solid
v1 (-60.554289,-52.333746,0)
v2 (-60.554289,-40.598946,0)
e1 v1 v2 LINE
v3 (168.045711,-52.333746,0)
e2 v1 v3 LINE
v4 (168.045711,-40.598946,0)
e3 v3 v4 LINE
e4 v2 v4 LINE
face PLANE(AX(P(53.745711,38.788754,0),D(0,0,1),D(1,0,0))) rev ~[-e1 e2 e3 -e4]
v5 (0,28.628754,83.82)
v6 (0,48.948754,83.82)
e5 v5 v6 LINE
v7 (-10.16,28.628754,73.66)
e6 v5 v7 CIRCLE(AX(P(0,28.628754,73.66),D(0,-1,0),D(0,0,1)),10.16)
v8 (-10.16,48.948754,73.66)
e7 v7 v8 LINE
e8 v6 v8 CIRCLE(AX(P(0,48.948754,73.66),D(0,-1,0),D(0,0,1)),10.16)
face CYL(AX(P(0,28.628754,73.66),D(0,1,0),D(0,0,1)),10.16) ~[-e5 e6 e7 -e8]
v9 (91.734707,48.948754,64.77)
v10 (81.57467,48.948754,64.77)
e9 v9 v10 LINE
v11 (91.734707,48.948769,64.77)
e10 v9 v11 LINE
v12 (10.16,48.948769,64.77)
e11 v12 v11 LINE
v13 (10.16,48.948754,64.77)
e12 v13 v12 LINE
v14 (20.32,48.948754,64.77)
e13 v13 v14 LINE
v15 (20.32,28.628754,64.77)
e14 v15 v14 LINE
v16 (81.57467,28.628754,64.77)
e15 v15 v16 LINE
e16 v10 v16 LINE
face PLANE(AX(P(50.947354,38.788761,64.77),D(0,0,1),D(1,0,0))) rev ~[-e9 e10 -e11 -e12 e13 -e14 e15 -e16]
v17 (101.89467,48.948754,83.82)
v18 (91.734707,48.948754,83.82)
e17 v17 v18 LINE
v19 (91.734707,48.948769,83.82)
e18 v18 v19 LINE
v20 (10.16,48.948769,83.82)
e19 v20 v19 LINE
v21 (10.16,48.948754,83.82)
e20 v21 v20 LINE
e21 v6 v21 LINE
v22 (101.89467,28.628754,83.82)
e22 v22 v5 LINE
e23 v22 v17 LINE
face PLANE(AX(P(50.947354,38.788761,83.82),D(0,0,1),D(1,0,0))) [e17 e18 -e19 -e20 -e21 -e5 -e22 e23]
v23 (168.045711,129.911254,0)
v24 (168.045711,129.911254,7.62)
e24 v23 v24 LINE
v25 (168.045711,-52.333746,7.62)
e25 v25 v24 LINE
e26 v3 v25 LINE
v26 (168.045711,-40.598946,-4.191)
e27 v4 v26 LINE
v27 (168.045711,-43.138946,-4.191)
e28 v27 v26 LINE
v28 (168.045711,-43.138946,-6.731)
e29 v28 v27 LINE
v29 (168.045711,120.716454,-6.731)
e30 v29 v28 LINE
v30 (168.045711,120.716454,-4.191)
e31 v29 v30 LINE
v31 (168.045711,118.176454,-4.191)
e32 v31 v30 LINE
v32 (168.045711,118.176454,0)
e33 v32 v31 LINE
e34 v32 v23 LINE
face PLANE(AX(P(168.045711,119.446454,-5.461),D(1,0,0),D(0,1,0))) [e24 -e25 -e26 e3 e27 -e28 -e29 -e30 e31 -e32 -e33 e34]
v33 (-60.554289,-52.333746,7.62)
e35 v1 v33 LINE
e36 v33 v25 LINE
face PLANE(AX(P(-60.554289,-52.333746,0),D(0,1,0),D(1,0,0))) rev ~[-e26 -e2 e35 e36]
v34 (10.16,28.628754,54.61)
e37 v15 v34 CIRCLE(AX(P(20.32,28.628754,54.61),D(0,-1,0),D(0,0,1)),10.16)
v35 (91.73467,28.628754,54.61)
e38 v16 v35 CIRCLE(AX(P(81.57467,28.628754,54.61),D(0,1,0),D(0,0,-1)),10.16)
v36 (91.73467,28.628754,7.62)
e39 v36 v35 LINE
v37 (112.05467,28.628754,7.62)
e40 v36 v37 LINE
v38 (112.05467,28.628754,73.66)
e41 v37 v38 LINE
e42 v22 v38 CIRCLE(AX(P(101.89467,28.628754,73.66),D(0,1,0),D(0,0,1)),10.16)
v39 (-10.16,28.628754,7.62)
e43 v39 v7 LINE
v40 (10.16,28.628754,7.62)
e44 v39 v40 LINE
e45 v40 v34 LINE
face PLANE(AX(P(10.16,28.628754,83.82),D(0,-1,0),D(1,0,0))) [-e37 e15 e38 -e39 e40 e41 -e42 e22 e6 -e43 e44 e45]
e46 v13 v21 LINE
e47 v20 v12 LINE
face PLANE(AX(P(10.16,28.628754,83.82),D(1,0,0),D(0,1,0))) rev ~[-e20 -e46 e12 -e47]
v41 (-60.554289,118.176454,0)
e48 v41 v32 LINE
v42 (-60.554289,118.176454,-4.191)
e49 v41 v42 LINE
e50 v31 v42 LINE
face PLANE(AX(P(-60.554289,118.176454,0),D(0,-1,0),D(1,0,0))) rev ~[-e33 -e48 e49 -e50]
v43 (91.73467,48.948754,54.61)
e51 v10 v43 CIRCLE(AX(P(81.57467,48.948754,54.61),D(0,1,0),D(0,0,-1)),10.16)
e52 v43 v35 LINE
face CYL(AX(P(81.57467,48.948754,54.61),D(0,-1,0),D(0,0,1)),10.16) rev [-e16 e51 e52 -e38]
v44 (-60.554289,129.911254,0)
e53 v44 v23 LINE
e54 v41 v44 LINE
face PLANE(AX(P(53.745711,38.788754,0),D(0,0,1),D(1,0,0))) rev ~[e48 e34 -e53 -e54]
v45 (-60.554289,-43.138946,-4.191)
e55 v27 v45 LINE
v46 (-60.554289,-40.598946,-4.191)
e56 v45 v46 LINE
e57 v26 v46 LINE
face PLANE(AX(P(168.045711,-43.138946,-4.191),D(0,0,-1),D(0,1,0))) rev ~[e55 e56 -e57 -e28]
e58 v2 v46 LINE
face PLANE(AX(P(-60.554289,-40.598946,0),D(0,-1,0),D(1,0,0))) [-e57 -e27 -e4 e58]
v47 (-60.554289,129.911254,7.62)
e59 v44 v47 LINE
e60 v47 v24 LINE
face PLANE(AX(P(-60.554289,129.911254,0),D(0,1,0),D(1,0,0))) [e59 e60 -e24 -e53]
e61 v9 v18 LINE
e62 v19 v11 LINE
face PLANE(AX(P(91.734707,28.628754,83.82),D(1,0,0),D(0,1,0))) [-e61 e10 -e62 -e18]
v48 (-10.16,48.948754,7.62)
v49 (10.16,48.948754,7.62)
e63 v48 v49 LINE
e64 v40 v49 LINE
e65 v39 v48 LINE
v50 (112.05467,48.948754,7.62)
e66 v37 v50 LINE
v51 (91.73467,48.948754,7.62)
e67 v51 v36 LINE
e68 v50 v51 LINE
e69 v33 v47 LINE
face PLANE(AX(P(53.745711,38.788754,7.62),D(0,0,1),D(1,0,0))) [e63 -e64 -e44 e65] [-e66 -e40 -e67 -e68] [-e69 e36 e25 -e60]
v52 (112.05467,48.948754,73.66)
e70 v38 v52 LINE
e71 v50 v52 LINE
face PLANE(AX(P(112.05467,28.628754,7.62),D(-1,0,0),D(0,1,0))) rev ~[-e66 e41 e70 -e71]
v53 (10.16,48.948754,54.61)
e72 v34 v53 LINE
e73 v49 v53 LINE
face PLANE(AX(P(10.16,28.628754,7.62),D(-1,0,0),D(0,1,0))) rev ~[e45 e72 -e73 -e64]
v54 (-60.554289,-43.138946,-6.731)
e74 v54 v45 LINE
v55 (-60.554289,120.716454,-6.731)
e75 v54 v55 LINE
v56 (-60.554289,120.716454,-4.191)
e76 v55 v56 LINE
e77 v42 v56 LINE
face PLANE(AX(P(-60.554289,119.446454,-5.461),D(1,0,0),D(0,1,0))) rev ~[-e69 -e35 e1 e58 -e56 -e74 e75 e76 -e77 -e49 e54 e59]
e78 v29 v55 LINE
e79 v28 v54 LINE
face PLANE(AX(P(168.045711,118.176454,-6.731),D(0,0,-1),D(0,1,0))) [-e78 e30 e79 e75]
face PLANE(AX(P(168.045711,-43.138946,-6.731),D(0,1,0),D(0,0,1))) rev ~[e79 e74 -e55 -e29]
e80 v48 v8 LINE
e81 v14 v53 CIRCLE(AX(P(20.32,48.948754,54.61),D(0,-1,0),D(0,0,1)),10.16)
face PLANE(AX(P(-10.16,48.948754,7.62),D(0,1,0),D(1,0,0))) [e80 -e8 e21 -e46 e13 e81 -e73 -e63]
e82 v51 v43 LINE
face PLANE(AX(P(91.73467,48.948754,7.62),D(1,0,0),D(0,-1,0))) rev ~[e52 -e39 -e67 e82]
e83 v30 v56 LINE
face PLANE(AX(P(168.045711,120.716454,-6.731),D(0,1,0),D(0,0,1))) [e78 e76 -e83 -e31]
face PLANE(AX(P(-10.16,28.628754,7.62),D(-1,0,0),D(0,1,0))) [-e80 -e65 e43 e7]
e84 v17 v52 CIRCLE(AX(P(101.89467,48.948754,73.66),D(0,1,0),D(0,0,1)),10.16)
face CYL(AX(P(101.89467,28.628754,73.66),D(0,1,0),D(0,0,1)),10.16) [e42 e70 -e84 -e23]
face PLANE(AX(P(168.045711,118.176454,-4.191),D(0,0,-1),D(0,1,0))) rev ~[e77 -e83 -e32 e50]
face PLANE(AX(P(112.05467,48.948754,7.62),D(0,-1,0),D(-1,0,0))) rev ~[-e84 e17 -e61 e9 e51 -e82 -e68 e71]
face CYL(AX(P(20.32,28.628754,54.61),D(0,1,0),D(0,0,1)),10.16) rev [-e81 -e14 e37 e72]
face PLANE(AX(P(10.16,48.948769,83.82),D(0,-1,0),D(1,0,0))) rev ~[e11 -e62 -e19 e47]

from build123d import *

# Parameters (mm, degrees)
F0_W     = 228.6
F0_H     = 182.245
F1_DEPTH = 7.62
F2_W     = 228.6
F2_H     = 158.7754
F3_DEPTH = 6.731
F4_W     = 2.54
F4_H     = 2.54
F5_DEPTH = 228.6
F6_W     = 20.32
F6_H     = 20.32
F7_DEPTH = 76.2
F8_W     = 81.5747073555
F8_H     = 20.3200148768
F9_DEPTH = 19.05
F10_R    = 10.16


with BuildPart() as f1:
    # F0 (on Top) → F1 (new body)
    with BuildSketch(Plane.XY):
        with Locations((53.7457112223, 38.7887536495)):
            Rectangle(F0_W, F0_H)
    extrude(amount=F1_DEPTH)

    # F2 (on face) → F3 (join)
    with BuildSketch(Plane(origin=(0, 0, 0), x_dir=(1, 0, 0), z_dir=(0, 0, -1))):
        with Locations((53.7457112223, -38.7887536495)):
            Rectangle(F2_W, F2_H)
    extrude(amount=F3_DEPTH)

    # F4 (on face) → F5 (join)
    with BuildSketch(Plane.YZ.offset(168.0457112223)):
        with Locations((119.4464536495, -5.461)):
            Rectangle(F4_W, F4_H)
        with Locations((-41.8689463505, -5.461)):
            Rectangle(F4_W, F4_H)
    extrude(amount=-F5_DEPTH)

    # F6 (on face) → F7 (join)
    with BuildSketch(Plane.XY.offset(7.62)):
        with Locations((0, 38.7887536495)):
            Rectangle(F6_W, F6_H)
        Polygon((101.8946701026, 48.9487536495), (91.7346701026, 48.9487536495), (91.7346701026, 28.6287536495), (112.0546701026, 28.6287536495), (112.0546701026, 48.9487536495), align=None)
    extrude(amount=F7_DEPTH)

    # F8 (on face) → F9 (join)
    with BuildSketch(Plane.XY.offset(83.82)):
        with Locations((50.9473536777, 38.7887610879)):
            Rectangle(F8_W, F8_H)
    extrude(amount=-F9_DEPTH)

    # F10
    f10_edges = [f1.edges().sort_by_distance(p)[0] for p in [
        (-10.16, 38.788754, 83.82),
        (112.05467, 38.788754, 83.82),
        (10.16, 38.788754, 64.77),
        (91.73467, 38.788754, 64.77),
    ]]
    fillet(f10_edges, radius=F10_R)


solid = f1.part
